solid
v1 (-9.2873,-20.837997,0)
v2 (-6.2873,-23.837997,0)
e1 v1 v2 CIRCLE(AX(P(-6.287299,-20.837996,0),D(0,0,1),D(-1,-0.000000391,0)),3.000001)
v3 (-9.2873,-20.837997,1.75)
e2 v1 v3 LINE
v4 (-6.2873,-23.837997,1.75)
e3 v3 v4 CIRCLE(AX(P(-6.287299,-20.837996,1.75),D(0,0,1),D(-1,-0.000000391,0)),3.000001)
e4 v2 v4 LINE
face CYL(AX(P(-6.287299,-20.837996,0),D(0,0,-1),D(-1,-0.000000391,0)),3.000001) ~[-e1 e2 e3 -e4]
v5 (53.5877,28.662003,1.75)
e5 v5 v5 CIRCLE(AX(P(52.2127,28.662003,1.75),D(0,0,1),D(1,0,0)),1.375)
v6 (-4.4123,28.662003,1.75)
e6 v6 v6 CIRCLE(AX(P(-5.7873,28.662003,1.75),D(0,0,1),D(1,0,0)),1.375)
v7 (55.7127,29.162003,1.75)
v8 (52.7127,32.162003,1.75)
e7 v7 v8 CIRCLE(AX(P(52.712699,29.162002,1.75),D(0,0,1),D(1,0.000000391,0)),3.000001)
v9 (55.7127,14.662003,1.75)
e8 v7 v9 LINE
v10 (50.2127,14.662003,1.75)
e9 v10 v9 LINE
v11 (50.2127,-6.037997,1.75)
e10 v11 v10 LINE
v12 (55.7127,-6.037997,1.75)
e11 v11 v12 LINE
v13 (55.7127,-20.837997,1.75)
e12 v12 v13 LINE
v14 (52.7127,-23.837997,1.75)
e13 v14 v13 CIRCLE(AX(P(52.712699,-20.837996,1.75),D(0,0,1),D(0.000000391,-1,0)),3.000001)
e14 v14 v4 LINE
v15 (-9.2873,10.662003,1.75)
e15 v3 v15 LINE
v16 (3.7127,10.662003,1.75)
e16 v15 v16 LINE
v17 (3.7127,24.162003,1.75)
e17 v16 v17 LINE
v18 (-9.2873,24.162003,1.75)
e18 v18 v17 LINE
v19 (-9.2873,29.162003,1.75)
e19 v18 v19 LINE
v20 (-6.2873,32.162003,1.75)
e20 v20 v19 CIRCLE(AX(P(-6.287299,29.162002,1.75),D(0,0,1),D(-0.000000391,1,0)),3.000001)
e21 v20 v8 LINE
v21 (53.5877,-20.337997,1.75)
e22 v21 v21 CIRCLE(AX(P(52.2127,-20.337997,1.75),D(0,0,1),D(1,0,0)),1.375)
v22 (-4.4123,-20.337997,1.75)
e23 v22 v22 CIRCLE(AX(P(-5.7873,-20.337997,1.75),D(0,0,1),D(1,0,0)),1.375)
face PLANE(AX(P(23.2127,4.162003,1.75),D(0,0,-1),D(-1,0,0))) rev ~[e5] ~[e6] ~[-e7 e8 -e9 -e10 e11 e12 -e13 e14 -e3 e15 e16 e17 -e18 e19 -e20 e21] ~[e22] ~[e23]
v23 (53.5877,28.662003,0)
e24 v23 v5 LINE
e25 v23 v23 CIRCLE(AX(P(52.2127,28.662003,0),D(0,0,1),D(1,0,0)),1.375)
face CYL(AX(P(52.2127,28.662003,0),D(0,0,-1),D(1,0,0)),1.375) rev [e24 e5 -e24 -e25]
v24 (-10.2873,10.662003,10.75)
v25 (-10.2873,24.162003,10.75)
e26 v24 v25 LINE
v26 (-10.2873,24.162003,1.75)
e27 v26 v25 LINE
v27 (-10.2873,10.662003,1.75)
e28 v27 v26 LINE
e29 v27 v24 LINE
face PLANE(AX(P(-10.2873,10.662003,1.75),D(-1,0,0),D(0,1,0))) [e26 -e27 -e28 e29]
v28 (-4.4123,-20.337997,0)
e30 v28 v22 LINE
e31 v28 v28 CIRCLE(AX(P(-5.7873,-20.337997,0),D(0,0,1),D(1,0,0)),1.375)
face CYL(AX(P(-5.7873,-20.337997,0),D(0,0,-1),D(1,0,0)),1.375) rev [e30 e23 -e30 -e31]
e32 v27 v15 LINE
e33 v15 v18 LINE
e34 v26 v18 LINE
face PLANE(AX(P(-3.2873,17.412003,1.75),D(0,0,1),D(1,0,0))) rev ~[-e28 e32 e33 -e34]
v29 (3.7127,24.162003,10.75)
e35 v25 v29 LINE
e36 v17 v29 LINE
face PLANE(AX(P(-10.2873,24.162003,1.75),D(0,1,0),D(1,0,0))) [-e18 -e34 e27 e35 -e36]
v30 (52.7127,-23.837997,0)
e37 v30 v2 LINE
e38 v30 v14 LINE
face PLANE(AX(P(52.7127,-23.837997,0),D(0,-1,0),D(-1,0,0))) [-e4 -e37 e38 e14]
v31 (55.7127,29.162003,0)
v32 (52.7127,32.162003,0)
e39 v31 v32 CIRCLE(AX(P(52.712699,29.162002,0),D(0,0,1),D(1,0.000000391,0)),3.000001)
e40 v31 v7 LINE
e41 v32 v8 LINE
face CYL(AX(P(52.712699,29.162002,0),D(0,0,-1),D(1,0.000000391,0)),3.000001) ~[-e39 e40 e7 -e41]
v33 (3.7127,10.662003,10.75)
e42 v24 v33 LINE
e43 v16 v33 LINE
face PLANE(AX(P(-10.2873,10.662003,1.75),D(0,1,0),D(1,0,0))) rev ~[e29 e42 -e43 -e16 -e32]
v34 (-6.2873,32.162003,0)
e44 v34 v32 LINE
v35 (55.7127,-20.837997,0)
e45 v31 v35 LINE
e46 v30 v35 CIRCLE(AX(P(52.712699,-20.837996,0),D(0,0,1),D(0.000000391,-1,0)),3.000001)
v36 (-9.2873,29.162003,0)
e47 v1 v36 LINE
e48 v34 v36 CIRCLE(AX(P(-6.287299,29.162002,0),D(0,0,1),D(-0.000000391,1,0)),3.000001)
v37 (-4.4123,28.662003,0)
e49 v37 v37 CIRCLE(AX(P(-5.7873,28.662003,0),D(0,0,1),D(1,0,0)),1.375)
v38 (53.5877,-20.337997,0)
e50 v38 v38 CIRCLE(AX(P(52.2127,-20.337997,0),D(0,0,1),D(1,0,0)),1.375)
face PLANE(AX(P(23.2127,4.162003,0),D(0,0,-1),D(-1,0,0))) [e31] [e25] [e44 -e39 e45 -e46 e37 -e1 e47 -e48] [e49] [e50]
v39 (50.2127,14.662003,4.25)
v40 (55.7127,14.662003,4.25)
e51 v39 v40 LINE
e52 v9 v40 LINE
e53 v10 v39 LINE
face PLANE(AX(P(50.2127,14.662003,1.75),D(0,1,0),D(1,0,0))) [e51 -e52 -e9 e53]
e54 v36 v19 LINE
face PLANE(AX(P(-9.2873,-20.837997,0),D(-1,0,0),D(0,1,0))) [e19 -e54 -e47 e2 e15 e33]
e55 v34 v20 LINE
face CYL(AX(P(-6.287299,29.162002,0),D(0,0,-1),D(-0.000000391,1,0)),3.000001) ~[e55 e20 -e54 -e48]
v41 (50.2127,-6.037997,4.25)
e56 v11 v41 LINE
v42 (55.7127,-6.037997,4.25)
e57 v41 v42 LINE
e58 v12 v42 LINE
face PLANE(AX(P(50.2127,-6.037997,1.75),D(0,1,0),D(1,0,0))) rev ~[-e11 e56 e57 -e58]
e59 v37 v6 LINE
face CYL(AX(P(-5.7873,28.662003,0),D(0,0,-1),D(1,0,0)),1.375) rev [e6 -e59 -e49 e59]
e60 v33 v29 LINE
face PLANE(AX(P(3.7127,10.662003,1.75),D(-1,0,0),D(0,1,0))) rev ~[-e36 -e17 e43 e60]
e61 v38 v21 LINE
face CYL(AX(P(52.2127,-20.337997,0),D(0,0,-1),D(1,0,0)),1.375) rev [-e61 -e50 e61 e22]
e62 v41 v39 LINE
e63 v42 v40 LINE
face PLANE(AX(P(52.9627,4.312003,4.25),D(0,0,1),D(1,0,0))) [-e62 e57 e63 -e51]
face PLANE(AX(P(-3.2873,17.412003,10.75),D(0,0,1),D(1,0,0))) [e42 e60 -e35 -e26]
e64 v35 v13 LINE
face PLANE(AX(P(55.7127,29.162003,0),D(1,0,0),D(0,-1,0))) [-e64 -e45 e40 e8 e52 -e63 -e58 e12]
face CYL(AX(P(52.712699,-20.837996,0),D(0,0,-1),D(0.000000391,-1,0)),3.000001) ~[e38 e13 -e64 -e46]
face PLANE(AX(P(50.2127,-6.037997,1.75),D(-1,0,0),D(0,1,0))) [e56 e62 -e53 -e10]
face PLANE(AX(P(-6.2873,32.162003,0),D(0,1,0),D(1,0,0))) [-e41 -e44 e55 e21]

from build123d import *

# Parameters (mm, degrees)
SKETCH003_W  = 5.5
SKETCH003_H  = 20.7
PAD002_DEPTH = 2.5
SKETCH_W     = 14
SKETCH_H     = 13.5
PAD001_DEPTH = 9
SKETCH002_R  = 1.375
PAD_DEPTH    = 1.75


with BuildPart() as displayport:
    # Sketch003 (on Face1 of ShapeBinder001) → Pad002 (new body)
    with BuildSketch(Plane.XY.offset(1.75)):
        with Locations((52.9627, 4.312003)):
            Rectangle(SKETCH003_W, SKETCH003_H)
    extrude(amount=PAD002_DEPTH)


with BuildPart() as usb:
    # Sketch (on Face1 of ShapeBinder) → Pad001 (new body)
    with BuildSketch(Plane.XY.offset(1.75)):
        with Locations((-3.2873, 17.412003)):
            Rectangle(SKETCH_W, SKETCH_H)
    extrude(amount=PAD001_DEPTH)


with BuildPart() as fusion001:
    # Sketch002 → Pad (new body)
    with BuildSketch(Plane.XY):
        with BuildLine():
            Line((-6.2873, 32.162003), (52.7127, 32.162003))
            ThreePointArc((55.7127, 29.162003), (54.83402, 31.283323), (52.7127, 32.162003))
            Line((55.7127, 29.162003), (55.7127, -20.837997))
            ThreePointArc((52.7127, -23.837997), (54.83402, -22.959317), (55.7127, -20.837997))
            Line((52.7127, -23.837997), (-6.2873, -23.837997))
            ThreePointArc((-9.2873, -20.837997), (-8.40862, -22.959317), (-6.2873, -23.837997))
            Line((-9.2873, -20.837997), (-9.2873, 29.162003))
            ThreePointArc((-6.2873, 32.162003), (-8.40862, 31.283323), (-9.2873, 29.162003))
        make_face()
        with Locations((-5.7873, 28.662003)):
            Circle(SKETCH002_R, mode=Mode.SUBTRACT)
        with Locations((-5.7873, -20.337997)):
            Circle(SKETCH002_R, mode=Mode.SUBTRACT)
        with Locations((52.2127, -20.337997)):
            Circle(SKETCH002_R, mode=Mode.SUBTRACT)
        with Locations((52.2127, 28.662003)):
            Circle(SKETCH002_R, mode=Mode.SUBTRACT)
    extrude(amount=PAD_DEPTH)

    # Fusion: union usb
    add(usb.part)

    # Fusion001: union displayport
    add(displayport.part)


solid = fusion001.part
